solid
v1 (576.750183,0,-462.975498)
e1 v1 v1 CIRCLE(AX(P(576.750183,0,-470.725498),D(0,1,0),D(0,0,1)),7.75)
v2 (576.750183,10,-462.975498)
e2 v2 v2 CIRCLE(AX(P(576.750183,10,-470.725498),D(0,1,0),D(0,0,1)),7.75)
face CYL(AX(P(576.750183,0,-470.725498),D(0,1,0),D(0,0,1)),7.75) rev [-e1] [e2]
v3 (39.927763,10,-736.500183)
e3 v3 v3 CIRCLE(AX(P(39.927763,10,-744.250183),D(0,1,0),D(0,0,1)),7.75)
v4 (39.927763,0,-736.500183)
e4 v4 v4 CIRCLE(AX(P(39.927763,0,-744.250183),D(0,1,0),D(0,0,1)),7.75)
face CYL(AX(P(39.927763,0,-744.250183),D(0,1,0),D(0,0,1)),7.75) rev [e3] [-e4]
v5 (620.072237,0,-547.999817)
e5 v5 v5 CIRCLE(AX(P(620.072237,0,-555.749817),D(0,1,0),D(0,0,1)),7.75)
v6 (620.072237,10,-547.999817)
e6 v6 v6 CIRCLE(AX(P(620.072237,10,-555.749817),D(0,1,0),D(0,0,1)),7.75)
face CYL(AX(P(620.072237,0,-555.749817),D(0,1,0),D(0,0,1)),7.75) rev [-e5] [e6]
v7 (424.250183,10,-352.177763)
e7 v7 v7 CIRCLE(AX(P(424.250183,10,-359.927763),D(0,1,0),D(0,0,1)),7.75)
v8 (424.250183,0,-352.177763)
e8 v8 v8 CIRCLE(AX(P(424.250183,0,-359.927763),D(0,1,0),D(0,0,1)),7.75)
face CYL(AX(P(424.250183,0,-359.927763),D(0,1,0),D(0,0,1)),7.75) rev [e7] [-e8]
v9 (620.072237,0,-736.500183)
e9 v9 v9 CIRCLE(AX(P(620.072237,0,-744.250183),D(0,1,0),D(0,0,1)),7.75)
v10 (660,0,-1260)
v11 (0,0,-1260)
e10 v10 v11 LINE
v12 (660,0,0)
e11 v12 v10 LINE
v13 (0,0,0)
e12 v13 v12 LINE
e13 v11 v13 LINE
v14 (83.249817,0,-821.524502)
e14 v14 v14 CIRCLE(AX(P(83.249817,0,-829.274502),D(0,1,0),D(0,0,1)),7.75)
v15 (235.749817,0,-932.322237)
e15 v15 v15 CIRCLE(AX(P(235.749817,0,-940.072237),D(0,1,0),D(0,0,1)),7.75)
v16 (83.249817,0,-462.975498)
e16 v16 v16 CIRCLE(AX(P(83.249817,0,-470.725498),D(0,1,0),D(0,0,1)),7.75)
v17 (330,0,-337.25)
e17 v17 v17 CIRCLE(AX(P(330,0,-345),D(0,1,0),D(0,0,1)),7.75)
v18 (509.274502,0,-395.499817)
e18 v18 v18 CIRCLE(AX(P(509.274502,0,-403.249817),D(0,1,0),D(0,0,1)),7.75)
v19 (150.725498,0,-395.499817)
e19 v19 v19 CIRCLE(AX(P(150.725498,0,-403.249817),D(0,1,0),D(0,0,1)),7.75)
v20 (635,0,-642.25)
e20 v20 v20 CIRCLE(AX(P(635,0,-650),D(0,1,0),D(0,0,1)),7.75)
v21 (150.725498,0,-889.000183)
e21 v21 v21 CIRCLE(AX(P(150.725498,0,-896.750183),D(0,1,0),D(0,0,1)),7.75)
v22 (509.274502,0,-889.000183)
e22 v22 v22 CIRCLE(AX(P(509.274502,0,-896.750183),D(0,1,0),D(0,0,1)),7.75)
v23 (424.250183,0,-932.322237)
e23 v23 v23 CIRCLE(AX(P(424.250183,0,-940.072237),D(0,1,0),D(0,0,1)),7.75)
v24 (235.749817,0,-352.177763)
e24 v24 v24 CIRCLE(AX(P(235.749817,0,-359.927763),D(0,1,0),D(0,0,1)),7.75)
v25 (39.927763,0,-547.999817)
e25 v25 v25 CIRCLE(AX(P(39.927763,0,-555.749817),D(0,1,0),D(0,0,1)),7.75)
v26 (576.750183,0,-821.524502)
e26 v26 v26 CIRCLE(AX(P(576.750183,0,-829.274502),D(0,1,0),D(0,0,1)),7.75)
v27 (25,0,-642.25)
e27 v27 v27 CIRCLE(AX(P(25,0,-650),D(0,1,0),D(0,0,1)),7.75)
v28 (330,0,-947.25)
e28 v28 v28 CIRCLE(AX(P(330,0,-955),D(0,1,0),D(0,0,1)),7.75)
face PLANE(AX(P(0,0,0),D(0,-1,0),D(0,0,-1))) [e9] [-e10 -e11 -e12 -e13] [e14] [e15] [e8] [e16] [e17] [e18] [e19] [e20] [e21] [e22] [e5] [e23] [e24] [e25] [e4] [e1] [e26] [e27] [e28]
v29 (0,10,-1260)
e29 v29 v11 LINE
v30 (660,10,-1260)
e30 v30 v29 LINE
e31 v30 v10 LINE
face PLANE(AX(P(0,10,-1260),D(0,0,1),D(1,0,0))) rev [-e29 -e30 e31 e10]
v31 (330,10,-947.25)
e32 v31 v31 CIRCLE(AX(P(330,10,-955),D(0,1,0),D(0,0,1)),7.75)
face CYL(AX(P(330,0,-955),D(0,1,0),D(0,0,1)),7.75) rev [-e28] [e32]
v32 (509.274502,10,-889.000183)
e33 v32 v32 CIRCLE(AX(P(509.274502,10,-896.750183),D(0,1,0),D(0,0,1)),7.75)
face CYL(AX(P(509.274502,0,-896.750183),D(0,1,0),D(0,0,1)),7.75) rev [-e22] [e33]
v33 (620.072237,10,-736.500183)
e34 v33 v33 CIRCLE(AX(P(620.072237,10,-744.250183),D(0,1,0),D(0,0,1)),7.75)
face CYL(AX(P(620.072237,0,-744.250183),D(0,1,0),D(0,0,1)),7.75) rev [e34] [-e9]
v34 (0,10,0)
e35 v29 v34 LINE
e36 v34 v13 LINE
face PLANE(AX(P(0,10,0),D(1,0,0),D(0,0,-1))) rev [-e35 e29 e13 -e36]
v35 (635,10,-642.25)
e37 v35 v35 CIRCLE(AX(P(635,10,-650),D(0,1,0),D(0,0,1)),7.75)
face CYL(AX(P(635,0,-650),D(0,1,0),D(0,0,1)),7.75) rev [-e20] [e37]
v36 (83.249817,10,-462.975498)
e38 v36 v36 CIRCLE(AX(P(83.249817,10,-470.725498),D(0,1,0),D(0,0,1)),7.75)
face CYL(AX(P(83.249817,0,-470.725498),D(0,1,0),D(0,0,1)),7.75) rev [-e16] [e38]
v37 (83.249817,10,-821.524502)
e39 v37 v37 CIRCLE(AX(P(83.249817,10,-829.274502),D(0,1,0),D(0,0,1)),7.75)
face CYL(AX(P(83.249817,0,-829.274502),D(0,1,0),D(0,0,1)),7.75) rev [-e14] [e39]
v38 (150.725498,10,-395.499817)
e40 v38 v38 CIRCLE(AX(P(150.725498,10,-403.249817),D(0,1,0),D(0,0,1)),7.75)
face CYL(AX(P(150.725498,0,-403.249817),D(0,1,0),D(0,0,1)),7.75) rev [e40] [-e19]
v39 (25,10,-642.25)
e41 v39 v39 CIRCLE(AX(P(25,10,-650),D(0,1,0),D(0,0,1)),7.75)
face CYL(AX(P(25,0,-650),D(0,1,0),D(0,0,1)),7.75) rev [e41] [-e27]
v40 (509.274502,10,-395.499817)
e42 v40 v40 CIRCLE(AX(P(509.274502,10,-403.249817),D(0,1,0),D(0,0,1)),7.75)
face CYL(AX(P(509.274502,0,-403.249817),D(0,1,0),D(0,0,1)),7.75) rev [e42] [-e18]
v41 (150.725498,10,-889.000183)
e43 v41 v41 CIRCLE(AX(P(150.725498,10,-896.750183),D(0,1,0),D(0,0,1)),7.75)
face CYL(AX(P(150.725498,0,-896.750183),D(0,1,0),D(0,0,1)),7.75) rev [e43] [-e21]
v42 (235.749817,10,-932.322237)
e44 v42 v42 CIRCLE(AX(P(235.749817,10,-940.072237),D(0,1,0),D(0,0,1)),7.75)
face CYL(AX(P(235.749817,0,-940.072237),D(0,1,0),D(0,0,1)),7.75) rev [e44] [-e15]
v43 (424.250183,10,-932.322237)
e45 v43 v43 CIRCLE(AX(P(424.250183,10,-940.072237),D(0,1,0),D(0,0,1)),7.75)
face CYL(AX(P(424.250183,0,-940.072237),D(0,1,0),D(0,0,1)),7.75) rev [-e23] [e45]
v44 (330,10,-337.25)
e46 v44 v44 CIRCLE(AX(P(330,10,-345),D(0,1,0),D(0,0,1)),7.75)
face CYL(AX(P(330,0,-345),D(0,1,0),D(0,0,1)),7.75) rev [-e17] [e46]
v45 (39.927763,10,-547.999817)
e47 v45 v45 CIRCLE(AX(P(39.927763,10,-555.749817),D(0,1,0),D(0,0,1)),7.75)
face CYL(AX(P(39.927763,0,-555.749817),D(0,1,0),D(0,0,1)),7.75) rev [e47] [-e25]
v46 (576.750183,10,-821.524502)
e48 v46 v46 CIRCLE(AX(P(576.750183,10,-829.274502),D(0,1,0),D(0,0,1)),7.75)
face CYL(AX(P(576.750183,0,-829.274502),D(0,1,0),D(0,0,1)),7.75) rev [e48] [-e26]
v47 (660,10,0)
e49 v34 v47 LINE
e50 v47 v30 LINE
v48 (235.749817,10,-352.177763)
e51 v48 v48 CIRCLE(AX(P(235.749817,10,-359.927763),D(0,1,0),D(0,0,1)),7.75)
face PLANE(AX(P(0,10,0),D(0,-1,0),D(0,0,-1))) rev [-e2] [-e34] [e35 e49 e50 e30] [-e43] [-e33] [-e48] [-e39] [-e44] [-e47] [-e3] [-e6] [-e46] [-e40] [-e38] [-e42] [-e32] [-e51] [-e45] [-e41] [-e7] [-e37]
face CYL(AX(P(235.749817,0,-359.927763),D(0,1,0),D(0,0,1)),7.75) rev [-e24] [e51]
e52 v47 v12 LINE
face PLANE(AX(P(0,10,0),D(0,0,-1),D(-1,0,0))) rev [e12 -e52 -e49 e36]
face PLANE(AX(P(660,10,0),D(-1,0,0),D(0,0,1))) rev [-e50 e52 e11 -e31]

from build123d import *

# Parameters (mm, degrees)
ESQUISSE1_W             = 660
ESQUISSE1_H             = 1260
BOSS_EXTRU_1_DEPTH      = 10
ESQUISSE2_R             = 7.75
ENL_V_MAT_EXTRU_1_DEPTH = 10


with BuildPart() as part:
    # Esquisse1 → Boss.-Extru.1 (new body)
    with BuildSketch(Plane(origin=(0, 0, 0), x_dir=(1, 0, 0), z_dir=(0, 1, 0))):
        with Locations((330, 630)):
            Rectangle(ESQUISSE1_W, ESQUISSE1_H)
    extrude(amount=BOSS_EXTRU_1_DEPTH)

    # Esquisse2 → Enlèv. mat.-Extru.1 (cut)
    with BuildSketch(Plane(origin=(0, 10, 0), x_dir=(1, 0, 0), z_dir=(0, 1, 0))):
        with Locations(Location((25, 650, 0), (0, 0, 270))):
            Circle(ESQUISSE2_R)
        with Locations(Location((39.92776253, 744.250183284, 0), (0, 0, 270))):
            Circle(ESQUISSE2_R)
        with Locations(Location((83.249816716, 829.274501949, 0), (0, 0, 270))):
            Circle(ESQUISSE2_R)
        with Locations(Location((150.725498051, 896.750183284, 0), (0, 0, 270))):
            Circle(ESQUISSE2_R)
        with Locations(Location((235.749816716, 940.07223747, 0), (0, 0, 270))):
            Circle(ESQUISSE2_R)
        with Locations(Location((330, 955, 0), (0, 0, 270))):
            Circle(ESQUISSE2_R)
        with Locations(Location((424.250183284, 940.07223747, 0), (0, 0, 270))):
            Circle(ESQUISSE2_R)
        with Locations(Location((509.274501949, 896.750183284, 0), (0, 0, 270))):
            Circle(ESQUISSE2_R)
        with Locations(Location((576.750183284, 829.274501949, 0), (0, 0, 270))):
            Circle(ESQUISSE2_R)
        with Locations(Location((620.07223747, 744.250183284, 0), (0, 0, 270))):
            Circle(ESQUISSE2_R)
        with Locations(Location((635, 650, 0), (0, 0, 270))):
            Circle(ESQUISSE2_R)
        with Locations(Location((620.07223747, 555.749816716, 0), (0, 0, 270))):
            Circle(ESQUISSE2_R)
        with Locations(Location((576.750183284, 470.725498051, 0), (0, 0, 270))):
            Circle(ESQUISSE2_R)
        with Locations(Location((509.274501949, 403.249816716, 0), (0, 0, 270))):
            Circle(ESQUISSE2_R)
        with Locations(Location((424.250183284, 359.92776253, 0), (0, 0, 270))):
            Circle(ESQUISSE2_R)
        with Locations(Location((330, 345, 0), (0, 0, 270))):
            Circle(ESQUISSE2_R)
        with Locations(Location((235.749816716, 359.92776253, 0), (0, 0, 270))):
            Circle(ESQUISSE2_R)
        with Locations(Location((150.725498051, 403.249816716, 0), (0, 0, 270))):
            Circle(ESQUISSE2_R)
        with Locations(Location((83.249816716, 470.725498051, 0), (0, 0, 270))):
            Circle(ESQUISSE2_R)
        with Locations(Location((39.92776253, 555.749816716, 0), (0, 0, 270))):
            Circle(ESQUISSE2_R)
    extrude(amount=-ENL_V_MAT_EXTRU_1_DEPTH, mode=Mode.SUBTRACT)


solid = part.part
